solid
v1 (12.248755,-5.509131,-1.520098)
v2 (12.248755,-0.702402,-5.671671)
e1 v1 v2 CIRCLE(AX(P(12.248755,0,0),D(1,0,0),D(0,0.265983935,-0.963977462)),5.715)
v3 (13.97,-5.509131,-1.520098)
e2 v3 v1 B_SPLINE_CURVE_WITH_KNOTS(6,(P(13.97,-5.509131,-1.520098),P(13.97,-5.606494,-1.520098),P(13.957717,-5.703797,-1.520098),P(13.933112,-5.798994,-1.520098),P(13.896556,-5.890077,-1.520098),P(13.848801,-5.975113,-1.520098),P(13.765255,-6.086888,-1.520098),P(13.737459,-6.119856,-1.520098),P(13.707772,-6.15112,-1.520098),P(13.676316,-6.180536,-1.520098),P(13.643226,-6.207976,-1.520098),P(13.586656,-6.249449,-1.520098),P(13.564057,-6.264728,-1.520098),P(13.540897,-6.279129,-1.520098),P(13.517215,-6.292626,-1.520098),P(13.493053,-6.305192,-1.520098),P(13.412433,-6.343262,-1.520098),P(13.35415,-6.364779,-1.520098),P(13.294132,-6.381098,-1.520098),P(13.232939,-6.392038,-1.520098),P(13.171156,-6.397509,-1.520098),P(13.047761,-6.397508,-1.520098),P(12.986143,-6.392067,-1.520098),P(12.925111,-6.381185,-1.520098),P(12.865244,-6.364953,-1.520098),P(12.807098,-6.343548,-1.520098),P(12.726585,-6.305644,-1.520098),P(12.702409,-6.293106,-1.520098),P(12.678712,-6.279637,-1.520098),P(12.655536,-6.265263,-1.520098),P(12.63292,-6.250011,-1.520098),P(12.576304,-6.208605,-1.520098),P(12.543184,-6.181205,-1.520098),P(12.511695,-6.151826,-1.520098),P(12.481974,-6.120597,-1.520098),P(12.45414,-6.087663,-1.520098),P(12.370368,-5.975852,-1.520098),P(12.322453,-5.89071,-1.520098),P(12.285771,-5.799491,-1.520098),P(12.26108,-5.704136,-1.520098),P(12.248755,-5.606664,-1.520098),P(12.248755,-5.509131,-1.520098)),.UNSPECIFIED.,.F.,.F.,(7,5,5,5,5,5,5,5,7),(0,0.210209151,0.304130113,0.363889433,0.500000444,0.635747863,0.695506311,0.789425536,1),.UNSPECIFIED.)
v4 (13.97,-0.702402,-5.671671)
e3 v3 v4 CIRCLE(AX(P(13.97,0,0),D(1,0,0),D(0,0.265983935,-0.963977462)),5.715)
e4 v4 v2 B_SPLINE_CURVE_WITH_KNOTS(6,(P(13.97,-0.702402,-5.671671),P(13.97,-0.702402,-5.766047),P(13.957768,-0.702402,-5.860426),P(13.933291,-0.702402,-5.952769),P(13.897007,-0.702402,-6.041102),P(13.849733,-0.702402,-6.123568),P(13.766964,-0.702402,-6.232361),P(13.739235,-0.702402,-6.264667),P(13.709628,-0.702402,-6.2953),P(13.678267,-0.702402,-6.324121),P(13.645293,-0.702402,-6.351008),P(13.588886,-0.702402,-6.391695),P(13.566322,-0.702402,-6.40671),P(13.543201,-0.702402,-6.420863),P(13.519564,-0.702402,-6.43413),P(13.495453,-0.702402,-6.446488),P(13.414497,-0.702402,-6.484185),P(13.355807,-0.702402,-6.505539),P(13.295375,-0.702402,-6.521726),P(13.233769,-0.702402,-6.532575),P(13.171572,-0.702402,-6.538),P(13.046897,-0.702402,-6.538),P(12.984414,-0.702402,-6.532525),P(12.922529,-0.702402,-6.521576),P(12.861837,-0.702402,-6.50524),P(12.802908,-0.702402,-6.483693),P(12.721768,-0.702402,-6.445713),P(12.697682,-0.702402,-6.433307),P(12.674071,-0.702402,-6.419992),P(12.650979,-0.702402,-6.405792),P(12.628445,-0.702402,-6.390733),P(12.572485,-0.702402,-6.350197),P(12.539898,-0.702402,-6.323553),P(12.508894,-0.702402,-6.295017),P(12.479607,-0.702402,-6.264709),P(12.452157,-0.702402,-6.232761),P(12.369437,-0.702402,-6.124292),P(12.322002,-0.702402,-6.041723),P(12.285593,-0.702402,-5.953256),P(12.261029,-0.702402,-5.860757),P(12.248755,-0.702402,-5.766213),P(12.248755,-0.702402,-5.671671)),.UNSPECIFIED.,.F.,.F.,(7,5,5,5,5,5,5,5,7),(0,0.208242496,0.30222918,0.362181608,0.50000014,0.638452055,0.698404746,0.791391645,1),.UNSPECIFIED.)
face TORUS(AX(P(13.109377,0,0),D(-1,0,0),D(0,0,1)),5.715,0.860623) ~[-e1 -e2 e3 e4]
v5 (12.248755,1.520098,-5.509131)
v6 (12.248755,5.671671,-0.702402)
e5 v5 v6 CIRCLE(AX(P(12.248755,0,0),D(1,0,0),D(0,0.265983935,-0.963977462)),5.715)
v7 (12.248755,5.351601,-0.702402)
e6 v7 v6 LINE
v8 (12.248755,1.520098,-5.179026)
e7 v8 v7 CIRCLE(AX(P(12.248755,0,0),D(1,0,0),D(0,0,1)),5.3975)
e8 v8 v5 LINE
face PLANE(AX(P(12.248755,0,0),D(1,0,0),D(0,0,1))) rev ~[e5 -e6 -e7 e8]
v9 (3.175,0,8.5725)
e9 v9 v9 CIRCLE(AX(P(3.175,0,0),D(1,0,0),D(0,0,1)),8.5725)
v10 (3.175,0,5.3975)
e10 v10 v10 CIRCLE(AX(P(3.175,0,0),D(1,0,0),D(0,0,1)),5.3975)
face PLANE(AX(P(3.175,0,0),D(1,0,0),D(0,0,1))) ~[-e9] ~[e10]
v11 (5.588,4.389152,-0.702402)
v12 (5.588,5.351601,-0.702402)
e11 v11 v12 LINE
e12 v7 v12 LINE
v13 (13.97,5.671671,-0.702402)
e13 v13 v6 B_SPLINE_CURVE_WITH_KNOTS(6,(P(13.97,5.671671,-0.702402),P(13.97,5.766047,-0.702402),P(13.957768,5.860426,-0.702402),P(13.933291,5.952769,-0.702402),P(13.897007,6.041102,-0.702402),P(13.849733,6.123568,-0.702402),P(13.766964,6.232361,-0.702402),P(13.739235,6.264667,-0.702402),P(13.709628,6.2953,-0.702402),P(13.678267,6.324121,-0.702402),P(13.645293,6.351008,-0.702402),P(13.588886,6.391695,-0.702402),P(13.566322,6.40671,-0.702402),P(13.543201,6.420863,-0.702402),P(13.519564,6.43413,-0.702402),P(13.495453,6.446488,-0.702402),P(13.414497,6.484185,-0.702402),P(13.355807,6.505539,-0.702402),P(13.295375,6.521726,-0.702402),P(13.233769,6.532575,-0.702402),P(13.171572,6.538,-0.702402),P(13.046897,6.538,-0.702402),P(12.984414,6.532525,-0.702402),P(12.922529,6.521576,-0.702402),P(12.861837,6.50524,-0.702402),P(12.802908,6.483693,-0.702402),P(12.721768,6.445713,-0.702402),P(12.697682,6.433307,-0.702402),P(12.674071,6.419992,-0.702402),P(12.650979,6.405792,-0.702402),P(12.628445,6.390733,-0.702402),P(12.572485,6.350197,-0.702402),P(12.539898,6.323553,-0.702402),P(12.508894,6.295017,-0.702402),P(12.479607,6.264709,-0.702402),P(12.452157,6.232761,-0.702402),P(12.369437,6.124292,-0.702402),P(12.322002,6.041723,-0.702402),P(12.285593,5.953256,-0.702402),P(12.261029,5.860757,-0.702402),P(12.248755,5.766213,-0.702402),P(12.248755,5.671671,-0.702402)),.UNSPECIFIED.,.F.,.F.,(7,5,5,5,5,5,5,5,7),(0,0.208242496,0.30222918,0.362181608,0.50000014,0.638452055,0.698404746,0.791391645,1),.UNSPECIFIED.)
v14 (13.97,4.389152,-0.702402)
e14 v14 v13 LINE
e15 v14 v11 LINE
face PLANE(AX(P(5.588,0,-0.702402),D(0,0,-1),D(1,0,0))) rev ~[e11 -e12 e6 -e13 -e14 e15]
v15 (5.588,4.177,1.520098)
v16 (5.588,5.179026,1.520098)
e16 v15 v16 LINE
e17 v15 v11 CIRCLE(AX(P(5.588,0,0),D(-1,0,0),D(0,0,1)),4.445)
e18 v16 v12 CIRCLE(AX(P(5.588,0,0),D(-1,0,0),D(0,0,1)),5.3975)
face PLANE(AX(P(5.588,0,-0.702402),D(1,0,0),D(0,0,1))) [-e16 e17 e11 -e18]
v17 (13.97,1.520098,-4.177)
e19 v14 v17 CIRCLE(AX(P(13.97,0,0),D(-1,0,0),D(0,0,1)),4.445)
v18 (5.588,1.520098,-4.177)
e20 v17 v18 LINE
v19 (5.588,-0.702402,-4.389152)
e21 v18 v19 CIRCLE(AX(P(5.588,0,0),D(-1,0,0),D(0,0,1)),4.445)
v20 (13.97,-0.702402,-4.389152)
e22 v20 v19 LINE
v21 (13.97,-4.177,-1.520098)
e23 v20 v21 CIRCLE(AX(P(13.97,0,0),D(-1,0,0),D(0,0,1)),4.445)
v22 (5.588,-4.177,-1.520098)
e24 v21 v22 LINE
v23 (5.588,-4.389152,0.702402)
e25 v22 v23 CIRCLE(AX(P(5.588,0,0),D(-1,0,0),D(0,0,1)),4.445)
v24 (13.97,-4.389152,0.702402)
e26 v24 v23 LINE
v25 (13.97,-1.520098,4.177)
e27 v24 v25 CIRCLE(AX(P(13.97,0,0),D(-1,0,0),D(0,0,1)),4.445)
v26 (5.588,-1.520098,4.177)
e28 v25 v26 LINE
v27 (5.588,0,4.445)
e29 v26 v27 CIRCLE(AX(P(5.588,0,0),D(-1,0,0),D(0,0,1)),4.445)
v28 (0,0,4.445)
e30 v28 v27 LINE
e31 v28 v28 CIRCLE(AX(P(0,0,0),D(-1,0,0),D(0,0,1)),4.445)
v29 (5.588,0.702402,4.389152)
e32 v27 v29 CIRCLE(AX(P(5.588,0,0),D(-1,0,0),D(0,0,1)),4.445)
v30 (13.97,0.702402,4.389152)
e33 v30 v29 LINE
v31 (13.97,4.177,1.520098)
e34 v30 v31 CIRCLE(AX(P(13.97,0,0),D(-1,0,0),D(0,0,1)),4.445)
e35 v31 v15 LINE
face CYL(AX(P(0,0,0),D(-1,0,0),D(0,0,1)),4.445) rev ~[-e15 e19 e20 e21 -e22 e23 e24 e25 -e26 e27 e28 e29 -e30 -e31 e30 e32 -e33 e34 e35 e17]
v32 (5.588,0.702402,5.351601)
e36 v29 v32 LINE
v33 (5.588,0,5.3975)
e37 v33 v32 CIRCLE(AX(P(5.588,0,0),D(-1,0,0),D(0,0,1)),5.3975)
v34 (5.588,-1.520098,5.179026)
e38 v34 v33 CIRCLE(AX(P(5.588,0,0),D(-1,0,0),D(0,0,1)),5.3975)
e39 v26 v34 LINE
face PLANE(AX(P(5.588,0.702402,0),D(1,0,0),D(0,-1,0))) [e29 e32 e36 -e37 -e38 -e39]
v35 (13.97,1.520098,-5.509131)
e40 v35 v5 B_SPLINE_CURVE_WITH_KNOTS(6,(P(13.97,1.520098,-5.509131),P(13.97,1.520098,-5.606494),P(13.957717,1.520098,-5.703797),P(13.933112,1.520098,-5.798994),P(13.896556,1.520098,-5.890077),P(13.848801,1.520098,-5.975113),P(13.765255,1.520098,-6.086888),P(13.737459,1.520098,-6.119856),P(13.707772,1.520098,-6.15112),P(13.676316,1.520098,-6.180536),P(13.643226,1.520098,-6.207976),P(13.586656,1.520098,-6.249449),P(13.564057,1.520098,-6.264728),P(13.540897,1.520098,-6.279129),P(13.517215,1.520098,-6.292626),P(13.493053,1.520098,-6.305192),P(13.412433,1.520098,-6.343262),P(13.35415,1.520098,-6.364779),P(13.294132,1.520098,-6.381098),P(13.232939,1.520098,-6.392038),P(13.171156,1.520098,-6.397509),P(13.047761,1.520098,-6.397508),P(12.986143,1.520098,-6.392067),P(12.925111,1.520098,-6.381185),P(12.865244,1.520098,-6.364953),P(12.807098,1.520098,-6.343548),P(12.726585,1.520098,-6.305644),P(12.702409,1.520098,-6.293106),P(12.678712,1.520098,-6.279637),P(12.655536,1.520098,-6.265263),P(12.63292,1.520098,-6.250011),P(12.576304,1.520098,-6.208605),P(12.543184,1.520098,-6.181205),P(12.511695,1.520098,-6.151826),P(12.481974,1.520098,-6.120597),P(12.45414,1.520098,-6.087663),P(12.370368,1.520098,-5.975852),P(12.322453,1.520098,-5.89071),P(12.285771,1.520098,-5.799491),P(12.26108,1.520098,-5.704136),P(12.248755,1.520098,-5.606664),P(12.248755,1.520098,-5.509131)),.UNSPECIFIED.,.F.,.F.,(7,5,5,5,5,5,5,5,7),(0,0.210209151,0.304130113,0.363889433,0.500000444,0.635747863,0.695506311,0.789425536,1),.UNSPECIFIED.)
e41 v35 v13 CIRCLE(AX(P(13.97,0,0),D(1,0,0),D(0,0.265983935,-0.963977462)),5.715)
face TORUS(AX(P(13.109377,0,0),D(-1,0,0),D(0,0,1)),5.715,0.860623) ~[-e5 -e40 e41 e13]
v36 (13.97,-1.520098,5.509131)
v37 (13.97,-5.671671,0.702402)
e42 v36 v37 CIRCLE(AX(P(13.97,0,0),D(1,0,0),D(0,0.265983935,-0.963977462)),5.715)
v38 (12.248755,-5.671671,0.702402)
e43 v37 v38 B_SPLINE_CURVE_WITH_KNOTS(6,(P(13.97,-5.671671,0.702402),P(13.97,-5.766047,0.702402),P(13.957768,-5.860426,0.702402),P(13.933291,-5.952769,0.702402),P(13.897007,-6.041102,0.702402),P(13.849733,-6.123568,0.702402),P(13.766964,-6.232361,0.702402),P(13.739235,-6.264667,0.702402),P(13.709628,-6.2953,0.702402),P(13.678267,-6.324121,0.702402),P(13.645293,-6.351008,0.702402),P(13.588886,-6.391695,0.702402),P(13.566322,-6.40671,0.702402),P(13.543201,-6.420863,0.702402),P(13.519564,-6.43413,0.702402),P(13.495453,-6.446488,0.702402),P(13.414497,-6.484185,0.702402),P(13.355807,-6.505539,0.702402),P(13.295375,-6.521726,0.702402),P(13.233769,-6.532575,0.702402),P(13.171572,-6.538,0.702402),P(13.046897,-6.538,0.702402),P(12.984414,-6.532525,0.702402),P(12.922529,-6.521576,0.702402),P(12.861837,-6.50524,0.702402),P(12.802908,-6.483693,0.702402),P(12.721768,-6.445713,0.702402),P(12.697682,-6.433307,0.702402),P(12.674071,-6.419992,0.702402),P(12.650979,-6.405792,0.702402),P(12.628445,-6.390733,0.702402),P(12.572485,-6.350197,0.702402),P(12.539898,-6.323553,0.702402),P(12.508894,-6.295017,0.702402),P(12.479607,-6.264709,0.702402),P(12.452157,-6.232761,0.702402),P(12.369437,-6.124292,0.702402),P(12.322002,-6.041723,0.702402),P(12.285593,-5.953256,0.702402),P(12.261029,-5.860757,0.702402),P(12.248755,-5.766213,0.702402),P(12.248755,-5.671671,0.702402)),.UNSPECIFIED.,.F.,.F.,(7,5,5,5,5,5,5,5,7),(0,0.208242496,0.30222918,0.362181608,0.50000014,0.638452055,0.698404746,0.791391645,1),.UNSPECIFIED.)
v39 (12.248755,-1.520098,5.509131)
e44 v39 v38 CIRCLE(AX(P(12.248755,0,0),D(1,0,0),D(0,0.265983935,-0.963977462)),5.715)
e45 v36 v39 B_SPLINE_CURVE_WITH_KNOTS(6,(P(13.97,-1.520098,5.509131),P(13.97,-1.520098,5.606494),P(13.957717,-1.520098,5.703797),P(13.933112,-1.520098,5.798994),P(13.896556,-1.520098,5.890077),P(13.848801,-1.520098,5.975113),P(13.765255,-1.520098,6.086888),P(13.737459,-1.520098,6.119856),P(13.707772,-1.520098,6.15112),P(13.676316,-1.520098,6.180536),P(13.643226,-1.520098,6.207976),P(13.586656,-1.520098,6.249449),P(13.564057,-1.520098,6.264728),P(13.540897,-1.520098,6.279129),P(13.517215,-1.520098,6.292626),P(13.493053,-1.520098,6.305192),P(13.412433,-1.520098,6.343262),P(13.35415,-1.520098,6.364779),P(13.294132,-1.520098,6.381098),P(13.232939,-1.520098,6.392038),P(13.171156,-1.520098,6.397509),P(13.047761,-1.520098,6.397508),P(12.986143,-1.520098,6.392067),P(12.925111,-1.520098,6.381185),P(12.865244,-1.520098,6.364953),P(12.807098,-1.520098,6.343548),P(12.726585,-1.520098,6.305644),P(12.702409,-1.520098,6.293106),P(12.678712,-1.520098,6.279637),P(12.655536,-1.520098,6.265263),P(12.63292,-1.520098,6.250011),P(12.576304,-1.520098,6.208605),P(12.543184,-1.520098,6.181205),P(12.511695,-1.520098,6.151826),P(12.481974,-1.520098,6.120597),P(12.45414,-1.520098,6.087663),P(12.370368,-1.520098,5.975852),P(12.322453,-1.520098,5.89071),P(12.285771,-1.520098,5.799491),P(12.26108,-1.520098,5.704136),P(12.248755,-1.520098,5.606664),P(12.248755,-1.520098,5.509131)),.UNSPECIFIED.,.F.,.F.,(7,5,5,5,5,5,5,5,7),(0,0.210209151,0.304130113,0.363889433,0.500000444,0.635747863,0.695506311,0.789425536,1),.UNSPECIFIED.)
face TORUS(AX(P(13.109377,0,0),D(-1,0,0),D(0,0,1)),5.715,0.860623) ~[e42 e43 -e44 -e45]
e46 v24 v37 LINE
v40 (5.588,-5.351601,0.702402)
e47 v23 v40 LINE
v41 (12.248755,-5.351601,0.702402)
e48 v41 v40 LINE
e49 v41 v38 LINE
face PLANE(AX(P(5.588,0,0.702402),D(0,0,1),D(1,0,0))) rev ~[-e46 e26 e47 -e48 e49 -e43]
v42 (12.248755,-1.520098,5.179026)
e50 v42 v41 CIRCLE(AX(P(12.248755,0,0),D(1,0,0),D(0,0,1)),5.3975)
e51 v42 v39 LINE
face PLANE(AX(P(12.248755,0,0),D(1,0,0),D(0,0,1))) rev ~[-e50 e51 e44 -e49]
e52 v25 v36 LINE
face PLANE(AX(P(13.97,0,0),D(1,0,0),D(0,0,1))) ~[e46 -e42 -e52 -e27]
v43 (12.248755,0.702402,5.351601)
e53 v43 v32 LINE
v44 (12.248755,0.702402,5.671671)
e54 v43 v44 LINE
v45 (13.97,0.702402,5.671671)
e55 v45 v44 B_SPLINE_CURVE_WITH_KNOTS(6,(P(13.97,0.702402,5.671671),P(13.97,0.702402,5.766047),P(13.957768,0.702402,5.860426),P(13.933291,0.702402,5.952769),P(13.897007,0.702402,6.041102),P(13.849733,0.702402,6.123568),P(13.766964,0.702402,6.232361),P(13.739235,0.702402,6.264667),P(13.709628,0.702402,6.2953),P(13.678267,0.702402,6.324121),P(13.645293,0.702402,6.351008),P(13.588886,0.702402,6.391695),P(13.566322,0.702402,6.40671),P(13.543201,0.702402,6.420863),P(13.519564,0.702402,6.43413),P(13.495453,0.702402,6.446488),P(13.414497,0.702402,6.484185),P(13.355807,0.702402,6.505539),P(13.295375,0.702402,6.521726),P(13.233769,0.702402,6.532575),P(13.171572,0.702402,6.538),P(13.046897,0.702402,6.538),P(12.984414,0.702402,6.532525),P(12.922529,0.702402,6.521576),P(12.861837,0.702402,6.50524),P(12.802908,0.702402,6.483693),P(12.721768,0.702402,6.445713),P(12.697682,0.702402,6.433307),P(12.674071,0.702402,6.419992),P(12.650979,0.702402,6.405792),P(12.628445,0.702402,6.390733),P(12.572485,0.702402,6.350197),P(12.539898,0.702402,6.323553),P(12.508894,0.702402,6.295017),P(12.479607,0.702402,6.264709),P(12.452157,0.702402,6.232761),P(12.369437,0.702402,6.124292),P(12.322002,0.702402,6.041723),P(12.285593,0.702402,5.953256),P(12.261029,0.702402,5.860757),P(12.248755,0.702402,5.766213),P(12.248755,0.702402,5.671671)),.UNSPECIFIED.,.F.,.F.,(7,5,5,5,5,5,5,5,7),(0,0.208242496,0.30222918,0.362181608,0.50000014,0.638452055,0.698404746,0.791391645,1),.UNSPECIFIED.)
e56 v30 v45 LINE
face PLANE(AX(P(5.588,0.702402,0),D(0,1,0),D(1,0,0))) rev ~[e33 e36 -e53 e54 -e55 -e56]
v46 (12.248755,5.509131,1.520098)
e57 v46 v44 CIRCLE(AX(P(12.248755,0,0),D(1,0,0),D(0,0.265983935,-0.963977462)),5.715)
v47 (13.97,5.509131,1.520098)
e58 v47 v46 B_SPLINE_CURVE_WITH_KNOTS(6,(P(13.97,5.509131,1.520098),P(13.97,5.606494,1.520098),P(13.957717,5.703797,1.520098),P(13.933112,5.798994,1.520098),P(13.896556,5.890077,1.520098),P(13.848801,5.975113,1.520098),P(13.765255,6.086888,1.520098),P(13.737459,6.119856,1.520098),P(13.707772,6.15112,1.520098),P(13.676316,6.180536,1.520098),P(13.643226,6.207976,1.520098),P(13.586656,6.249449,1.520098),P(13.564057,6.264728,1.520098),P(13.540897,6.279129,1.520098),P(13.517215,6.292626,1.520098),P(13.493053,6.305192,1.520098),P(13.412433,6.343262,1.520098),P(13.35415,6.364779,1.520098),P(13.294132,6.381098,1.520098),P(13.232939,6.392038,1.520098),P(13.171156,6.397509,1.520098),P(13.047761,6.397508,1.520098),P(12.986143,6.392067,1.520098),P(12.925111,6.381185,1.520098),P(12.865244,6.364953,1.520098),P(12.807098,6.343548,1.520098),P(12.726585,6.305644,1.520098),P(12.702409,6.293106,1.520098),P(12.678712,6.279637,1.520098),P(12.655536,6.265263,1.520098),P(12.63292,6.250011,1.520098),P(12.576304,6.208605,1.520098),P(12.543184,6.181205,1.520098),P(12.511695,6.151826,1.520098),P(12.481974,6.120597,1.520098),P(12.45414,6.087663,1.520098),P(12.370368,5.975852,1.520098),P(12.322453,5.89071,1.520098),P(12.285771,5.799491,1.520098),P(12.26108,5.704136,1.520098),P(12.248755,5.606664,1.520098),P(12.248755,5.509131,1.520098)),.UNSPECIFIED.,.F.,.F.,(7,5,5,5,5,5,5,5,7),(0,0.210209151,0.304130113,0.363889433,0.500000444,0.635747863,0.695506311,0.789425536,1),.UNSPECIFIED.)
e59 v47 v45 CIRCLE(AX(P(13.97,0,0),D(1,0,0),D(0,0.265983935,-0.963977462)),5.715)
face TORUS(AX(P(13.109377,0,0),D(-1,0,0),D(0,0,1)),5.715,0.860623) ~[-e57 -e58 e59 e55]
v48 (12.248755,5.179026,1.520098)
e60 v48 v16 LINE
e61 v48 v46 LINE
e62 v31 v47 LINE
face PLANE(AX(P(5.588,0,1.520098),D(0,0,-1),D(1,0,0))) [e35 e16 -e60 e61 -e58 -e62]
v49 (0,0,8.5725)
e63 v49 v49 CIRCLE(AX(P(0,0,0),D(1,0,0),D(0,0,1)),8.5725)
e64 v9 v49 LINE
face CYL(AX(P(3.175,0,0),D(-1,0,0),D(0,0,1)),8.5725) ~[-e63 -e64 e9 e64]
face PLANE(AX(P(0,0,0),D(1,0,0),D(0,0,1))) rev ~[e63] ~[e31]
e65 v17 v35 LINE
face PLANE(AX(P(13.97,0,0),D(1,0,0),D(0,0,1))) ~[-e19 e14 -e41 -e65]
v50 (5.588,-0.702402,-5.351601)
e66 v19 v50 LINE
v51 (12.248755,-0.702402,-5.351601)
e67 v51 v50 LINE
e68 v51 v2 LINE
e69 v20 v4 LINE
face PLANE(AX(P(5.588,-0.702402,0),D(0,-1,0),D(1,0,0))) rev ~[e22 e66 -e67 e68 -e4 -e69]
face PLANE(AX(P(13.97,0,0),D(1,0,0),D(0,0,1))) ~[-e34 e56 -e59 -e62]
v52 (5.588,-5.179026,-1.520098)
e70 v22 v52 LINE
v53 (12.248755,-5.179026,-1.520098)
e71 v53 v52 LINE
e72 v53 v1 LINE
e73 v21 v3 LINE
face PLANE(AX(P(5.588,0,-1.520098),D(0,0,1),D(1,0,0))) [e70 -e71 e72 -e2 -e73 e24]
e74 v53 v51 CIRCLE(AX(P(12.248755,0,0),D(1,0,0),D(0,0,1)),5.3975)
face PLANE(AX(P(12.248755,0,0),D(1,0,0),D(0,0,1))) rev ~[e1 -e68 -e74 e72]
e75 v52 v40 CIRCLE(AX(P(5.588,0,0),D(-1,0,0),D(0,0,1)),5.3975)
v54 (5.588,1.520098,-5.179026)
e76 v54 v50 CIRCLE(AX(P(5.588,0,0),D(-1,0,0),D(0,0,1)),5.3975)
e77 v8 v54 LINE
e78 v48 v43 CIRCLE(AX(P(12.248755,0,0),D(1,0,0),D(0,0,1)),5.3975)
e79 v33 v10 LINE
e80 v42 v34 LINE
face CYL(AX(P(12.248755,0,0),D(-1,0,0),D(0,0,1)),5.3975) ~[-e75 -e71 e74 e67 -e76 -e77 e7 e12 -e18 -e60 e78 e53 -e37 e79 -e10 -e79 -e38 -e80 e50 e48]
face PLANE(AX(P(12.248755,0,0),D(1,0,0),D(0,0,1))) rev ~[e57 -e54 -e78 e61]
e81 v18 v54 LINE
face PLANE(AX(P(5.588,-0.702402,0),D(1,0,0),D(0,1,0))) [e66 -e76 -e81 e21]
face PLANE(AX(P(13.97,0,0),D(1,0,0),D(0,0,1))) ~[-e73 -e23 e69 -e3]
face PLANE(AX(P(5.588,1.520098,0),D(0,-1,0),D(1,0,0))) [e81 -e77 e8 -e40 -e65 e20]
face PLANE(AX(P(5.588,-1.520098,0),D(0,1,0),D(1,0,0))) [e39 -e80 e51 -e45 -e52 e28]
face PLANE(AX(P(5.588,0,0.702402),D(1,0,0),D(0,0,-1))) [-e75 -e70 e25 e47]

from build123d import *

# Parameters (mm, degrees)
SKETCH2_R          = 4.445
CUT_EXTRUDE1_DEPTH = 18.034
SKETCH5_W          = 8.382
SKETCH5_H          = 2.2225
CUT_EXTRUDE2_DEPTH = 19.496929813
CIRPATTERN1_COUNT  = 4


with BuildPart() as part:
    # Sketch1 → Revolve1 (revolve)
    with BuildSketch(Plane.XY, mode=Mode.PRIVATE) as revolve1_sk:
        with BuildLine():
            Line((0, 0), (13.97, 0))
            Line((13.97, 0), (13.97, 5.715))
            ThreePointArc((13.97, 5.715), (13.109377289, 6.575622711), (12.248754579, 5.715))
            Line((12.248754579, 5.715), (12.248754579, 5.3975))
            Line((12.248754579, 5.3975), (3.175, 5.3975))
            Line((3.175, 5.3975), (3.175, 8.5725))
            Line((3.175, 8.5725), (0, 8.5725))
            Line((0, 8.5725), (0, 0))
        make_face()
    revolve(revolve1_sk.sketch.rotate(Axis((0, 0, 0), (1, 0, 0)), 90), axis=Axis((0, 0, 0), (1, 0, 0)))

    # Sketch2 → Cut-Extrude1 (cut)
    with BuildSketch(Plane.ZY):
        Circle(SKETCH2_R)
    extrude(amount=-CUT_EXTRUDE1_DEPTH, mode=Mode.SUBTRACT)

    # Sketch5 → Cut-Extrude2 (cut, through all)
    with BuildSketch(Plane.XY):
        with Locations((9.779, 0.408848188)):
            Rectangle(SKETCH5_W, SKETCH5_H)
    cut_extrude2 = extrude(amount=-CUT_EXTRUDE2_DEPTH, mode=Mode.SUBTRACT)

    # CirPattern1: Cut-Extrude2 ×4 about axis
    cirpattern1_axis = Axis((0, 0, 0), (1, 0, 0))
    for i in range(1, CIRPATTERN1_COUNT):
        add(cut_extrude2.rotate(cirpattern1_axis, i * 360 / CIRPATTERN1_COUNT), mode=Mode.SUBTRACT)


solid = part.part
